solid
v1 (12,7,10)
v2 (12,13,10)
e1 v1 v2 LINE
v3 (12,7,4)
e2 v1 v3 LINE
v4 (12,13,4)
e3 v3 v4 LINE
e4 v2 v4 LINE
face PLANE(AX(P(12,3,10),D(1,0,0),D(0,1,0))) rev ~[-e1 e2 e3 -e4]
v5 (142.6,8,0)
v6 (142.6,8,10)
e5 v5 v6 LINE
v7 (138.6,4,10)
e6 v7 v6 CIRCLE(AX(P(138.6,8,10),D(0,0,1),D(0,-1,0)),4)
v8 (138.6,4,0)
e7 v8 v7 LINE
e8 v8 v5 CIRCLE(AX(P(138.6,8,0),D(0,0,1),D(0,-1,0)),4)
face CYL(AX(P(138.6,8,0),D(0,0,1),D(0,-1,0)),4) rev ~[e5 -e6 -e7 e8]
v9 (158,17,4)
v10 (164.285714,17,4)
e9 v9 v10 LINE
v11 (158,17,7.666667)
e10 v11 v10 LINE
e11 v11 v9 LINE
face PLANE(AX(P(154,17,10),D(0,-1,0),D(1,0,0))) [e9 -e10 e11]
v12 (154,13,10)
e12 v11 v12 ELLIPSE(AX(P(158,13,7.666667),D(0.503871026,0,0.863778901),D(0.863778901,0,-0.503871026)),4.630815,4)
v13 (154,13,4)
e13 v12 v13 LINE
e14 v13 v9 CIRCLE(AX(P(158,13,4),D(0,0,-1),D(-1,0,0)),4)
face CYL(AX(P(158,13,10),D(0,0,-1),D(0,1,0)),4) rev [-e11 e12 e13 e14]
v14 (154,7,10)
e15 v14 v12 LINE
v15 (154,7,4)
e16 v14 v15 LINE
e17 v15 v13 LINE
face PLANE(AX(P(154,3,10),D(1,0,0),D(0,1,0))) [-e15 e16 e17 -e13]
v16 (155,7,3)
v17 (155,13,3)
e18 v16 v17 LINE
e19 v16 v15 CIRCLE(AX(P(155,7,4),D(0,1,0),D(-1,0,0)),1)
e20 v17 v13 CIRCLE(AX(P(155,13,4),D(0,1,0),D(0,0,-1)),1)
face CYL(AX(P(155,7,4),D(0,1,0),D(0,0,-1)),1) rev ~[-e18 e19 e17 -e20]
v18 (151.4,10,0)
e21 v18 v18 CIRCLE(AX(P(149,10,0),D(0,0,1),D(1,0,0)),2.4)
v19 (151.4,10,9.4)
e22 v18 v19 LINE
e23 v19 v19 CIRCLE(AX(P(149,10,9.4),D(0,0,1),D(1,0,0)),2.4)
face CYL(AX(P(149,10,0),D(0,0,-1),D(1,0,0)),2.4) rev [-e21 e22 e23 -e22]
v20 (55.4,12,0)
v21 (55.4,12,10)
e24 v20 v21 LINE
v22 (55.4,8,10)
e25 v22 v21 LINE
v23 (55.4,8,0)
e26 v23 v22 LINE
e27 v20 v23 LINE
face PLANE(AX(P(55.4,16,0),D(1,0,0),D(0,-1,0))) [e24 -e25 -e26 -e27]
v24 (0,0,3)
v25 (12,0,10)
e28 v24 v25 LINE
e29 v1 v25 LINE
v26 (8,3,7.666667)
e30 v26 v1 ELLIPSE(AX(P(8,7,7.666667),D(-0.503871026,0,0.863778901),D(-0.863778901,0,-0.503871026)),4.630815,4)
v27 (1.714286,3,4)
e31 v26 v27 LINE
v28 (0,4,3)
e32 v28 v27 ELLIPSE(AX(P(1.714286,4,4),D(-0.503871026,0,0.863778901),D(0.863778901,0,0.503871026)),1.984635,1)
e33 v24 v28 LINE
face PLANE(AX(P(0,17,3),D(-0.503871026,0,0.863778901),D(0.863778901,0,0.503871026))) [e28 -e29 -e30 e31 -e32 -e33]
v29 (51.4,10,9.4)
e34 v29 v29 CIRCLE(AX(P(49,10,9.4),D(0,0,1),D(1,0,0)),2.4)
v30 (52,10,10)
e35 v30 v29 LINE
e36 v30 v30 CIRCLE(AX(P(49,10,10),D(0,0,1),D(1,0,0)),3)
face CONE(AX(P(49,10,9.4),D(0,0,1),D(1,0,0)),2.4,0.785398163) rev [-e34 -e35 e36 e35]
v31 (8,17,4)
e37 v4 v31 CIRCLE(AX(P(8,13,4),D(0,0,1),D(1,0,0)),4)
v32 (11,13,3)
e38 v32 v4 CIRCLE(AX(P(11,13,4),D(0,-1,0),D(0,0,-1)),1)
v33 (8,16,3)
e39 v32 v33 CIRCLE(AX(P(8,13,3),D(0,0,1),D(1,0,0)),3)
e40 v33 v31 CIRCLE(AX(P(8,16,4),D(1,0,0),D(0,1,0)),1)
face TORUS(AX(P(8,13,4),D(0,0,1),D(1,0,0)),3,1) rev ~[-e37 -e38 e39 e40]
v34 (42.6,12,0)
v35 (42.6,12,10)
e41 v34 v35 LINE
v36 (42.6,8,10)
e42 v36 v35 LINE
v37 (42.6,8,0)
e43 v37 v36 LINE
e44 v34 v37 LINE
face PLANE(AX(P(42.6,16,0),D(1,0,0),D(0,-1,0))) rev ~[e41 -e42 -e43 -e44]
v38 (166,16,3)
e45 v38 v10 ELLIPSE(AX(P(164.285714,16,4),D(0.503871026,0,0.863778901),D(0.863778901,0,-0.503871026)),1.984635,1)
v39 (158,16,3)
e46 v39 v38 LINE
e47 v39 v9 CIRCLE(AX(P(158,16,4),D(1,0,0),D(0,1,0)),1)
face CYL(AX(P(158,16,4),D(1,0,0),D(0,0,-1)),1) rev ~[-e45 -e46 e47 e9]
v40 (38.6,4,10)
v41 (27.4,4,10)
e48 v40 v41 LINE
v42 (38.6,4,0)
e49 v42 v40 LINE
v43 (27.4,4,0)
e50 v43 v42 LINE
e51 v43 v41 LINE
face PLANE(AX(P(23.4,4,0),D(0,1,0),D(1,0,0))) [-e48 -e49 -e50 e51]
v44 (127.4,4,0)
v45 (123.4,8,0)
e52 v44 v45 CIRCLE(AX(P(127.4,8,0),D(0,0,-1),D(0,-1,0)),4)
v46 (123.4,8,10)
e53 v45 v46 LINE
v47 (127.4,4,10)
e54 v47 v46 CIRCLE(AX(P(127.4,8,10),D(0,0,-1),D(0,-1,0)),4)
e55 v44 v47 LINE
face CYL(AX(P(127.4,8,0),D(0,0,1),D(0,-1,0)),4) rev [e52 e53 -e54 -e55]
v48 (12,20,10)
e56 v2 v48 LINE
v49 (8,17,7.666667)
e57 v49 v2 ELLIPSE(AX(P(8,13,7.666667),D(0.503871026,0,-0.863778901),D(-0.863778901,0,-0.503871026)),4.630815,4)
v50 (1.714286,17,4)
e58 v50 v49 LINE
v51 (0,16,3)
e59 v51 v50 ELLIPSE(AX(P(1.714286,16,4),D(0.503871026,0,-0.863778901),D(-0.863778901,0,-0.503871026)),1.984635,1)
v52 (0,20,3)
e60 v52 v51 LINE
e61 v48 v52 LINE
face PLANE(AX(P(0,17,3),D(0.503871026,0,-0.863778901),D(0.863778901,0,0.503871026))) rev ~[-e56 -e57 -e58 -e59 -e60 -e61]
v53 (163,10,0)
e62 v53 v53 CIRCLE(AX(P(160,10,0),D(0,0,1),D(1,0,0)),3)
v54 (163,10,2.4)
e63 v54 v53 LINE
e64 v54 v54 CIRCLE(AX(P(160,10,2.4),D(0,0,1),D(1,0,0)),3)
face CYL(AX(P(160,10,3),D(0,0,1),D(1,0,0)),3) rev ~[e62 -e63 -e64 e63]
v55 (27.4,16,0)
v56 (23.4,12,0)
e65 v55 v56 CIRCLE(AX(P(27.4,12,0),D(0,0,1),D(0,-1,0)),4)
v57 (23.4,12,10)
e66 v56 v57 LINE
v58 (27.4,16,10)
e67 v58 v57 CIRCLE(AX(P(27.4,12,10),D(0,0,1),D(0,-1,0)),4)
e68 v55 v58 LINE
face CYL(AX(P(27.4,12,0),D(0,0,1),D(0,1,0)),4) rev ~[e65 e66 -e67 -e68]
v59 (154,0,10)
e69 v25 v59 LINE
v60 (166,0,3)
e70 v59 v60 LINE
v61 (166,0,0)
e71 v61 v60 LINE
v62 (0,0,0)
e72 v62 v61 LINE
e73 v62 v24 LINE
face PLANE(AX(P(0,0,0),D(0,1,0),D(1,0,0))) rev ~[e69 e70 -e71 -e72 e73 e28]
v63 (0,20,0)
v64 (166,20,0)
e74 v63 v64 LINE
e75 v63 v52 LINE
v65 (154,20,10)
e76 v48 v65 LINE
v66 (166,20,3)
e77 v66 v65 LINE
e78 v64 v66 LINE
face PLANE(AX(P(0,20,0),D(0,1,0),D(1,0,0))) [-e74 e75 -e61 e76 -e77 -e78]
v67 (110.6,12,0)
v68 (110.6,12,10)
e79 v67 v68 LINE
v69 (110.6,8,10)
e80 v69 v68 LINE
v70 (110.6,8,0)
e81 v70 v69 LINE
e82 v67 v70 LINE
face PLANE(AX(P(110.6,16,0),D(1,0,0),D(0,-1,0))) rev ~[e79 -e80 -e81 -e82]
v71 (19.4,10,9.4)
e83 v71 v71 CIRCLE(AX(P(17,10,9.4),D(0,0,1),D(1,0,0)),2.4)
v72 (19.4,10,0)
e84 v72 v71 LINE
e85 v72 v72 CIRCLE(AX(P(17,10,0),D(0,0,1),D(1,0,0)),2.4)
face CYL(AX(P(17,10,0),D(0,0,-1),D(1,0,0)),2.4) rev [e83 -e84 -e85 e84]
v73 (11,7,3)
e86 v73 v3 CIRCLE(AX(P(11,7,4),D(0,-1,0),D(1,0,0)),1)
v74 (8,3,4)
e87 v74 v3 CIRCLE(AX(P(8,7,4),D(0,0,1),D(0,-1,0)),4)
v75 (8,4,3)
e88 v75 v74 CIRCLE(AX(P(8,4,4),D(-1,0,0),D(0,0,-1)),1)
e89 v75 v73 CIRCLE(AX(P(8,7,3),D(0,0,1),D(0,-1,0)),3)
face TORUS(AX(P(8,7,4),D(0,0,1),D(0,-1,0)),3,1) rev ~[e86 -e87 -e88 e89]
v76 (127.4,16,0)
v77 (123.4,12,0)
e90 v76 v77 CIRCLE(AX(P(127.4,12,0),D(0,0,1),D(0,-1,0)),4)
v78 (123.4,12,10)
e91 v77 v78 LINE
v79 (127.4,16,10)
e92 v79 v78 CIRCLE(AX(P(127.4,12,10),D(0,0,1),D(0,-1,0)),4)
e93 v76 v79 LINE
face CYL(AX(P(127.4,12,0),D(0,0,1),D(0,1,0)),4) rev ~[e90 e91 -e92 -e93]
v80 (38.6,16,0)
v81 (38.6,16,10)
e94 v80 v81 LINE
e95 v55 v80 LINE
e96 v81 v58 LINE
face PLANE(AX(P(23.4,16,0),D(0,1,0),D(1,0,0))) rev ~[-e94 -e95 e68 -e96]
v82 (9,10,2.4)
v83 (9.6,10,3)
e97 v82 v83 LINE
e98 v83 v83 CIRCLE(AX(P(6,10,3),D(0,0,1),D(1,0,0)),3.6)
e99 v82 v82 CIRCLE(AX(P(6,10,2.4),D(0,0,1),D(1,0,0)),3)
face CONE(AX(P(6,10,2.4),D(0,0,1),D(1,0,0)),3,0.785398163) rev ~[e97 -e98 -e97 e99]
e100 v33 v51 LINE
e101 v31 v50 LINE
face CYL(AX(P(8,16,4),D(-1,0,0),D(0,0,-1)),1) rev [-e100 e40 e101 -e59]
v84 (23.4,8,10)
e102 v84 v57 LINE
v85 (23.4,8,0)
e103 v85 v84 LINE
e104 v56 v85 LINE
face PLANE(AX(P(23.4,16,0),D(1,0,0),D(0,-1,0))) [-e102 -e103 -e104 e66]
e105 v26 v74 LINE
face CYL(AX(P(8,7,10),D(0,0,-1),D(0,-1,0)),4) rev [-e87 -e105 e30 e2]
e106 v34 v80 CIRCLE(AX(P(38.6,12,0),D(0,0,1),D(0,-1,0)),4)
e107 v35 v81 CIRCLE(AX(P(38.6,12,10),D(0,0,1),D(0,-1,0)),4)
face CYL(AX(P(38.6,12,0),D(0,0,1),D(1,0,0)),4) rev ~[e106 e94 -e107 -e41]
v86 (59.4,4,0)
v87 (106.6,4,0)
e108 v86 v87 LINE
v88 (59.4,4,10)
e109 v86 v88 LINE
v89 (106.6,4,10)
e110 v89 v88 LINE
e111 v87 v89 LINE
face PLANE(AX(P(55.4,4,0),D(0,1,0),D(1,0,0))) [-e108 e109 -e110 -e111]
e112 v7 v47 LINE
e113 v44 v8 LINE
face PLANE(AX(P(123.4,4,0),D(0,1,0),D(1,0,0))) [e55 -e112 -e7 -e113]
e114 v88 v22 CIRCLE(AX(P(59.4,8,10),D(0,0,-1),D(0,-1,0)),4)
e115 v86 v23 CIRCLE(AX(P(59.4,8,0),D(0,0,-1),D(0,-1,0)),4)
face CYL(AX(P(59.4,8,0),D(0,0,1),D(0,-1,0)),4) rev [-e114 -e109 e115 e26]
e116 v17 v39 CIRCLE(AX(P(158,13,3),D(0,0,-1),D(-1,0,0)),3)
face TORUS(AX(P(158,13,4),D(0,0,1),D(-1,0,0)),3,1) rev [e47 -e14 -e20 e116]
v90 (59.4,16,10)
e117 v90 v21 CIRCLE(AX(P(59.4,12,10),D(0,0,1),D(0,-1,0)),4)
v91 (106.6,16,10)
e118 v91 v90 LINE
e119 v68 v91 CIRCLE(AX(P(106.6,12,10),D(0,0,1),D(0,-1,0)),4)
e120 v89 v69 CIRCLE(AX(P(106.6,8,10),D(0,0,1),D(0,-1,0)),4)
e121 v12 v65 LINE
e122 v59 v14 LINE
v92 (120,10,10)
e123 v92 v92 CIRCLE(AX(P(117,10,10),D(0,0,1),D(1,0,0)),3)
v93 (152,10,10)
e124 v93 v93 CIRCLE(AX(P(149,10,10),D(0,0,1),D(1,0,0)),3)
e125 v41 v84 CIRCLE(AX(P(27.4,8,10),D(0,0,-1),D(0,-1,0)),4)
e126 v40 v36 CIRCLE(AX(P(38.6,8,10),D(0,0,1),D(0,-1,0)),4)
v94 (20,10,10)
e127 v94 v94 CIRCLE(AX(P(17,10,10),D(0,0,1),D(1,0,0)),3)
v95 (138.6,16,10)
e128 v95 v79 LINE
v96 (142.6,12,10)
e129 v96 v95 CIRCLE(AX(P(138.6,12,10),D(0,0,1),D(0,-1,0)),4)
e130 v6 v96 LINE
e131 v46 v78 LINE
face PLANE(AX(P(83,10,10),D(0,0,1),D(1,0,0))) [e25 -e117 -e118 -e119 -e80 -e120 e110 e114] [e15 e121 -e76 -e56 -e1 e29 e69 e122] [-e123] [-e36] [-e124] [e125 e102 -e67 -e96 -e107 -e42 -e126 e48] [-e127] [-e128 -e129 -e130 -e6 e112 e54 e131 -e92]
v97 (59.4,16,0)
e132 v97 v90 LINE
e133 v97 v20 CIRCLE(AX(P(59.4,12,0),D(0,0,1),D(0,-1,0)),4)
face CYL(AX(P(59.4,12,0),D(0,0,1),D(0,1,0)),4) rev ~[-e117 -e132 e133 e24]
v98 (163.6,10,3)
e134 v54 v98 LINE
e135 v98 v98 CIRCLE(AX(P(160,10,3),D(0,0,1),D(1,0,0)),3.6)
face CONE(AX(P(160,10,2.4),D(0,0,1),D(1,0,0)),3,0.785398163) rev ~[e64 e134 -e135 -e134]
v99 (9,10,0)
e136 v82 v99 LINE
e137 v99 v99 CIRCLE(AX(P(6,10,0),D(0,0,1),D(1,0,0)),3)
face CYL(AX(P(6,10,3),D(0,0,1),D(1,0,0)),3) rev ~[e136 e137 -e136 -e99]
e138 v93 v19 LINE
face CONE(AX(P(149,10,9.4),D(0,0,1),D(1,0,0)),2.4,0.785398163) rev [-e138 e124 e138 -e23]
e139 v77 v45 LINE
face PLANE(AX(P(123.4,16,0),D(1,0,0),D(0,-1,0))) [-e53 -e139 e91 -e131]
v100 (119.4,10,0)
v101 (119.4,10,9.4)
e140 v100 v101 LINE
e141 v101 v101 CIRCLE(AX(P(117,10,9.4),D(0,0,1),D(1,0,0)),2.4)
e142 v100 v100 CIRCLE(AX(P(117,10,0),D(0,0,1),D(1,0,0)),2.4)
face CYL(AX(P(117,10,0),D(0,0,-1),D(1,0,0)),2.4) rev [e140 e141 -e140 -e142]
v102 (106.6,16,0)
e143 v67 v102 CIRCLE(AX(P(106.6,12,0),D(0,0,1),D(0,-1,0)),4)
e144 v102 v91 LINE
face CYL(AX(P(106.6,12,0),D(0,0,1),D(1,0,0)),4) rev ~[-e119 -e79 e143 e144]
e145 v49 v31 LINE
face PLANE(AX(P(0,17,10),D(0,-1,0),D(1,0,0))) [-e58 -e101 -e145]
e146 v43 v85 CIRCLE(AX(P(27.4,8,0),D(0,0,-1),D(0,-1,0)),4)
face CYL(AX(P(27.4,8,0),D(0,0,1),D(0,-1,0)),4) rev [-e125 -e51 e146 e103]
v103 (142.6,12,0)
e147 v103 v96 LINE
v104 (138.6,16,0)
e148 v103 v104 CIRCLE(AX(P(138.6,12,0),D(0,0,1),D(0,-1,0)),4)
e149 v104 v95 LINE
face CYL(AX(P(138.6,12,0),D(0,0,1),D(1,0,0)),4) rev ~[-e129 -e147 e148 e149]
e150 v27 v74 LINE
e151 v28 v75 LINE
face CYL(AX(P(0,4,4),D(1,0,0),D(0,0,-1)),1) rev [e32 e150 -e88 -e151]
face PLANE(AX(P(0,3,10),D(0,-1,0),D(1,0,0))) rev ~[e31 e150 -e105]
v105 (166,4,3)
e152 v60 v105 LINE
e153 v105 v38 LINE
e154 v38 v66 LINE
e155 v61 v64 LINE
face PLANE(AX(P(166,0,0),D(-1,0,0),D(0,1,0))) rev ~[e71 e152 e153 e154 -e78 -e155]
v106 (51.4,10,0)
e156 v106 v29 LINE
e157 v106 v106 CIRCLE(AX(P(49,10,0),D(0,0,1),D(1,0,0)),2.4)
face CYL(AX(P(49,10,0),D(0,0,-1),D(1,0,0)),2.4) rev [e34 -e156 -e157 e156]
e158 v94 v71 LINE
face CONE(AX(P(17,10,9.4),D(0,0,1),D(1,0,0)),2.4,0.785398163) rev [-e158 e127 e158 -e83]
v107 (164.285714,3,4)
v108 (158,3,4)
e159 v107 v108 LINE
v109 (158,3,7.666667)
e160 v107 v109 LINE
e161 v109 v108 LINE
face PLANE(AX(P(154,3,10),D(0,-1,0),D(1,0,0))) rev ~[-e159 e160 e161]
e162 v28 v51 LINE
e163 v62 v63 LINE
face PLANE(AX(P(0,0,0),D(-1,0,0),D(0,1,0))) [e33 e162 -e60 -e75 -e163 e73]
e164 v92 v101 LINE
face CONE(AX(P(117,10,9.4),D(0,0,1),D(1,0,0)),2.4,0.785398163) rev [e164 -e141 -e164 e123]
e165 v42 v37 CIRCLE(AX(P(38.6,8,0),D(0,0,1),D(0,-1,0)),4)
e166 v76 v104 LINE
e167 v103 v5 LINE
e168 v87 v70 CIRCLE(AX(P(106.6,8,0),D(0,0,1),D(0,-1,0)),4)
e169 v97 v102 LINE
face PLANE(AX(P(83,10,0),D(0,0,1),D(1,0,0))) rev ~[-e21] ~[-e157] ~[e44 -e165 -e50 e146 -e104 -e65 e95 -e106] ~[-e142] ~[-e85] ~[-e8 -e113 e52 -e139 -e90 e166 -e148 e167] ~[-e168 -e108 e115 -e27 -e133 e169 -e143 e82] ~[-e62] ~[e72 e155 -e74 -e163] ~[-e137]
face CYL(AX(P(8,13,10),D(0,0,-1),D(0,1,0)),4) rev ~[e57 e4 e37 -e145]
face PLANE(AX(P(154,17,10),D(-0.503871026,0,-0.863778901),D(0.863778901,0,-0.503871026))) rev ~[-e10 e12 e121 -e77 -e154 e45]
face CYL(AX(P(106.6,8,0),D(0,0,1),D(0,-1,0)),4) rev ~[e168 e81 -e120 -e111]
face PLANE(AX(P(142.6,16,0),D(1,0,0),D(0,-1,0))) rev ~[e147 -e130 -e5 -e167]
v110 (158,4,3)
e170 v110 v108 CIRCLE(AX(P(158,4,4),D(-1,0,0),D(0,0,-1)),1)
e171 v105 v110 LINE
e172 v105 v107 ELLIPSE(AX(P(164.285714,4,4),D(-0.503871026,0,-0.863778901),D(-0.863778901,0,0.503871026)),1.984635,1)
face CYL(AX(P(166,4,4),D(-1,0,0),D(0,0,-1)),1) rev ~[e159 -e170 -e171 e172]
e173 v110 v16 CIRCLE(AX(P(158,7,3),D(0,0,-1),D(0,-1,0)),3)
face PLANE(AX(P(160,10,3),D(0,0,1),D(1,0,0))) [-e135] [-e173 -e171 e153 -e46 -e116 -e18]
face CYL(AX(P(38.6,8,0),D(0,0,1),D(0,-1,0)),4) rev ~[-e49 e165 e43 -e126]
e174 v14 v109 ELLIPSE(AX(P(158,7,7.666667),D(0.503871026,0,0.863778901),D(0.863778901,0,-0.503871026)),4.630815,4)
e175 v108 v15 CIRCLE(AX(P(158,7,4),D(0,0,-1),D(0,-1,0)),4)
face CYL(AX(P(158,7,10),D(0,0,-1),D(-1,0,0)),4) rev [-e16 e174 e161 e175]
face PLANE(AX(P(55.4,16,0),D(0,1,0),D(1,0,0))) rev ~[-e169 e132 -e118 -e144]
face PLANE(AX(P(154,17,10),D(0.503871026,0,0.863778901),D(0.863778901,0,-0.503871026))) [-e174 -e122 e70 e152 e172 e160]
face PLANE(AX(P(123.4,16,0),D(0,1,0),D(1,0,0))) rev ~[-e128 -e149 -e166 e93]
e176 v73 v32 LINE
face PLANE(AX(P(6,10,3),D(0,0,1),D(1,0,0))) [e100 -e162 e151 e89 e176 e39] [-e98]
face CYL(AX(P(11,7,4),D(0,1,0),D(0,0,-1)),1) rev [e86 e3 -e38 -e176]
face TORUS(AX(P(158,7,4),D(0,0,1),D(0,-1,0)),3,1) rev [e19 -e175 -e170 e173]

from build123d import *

# Parameters (mm, degrees)
F0_W          = 166
F0_H          = 20
F0_R          = 2.4
F1_DEPTH      = 10
F2_W          = 12
F2_H          = 14
F3_DEPTH      = 7
F5_DEPTH      = 3.001
F5_DEPTH_BACK = 17.001
F6_R          = 4
F7_R          = 1
F8_R          = 3
F9_DEPTH      = 3.001
F10_W         = 55.2
F10_H         = 12
F10_W_2       = 19.2
F11_DEPTH     = 10.001
F12_R         = 4
F13_SIZE      = 0.6


with BuildPart() as f1:
    # F0 (on Top) → F1 (new body)
    with BuildSketch(Plane.XY):
        with Locations((83, 10)):
            Rectangle(F0_W, F0_H)
        with Locations((17, 10)):
            Circle(F0_R, mode=Mode.SUBTRACT)
        with Locations((49, 10)):
            Circle(F0_R, mode=Mode.SUBTRACT)
        with Locations((117, 10)):
            Circle(F0_R, mode=Mode.SUBTRACT)
        with Locations((149, 10)):
            Circle(F0_R, mode=Mode.SUBTRACT)
    extrude(amount=F1_DEPTH)

    # F2 (on face) → F3 (cut)
    with BuildSketch(Plane.XY.offset(10)):
        with Locations((6, 10)):
            Rectangle(F2_W, F2_H)
        with Locations((160, 10)):
            Rectangle(F2_W, F2_H)
    extrude(amount=-F3_DEPTH, mode=Mode.SUBTRACT)

    # F4 (on face) → F5 (cut, two sides)
    with BuildSketch(Plane.XZ.offset(-17)) as f5_sk:
        Polygon((0, 10), (0, 3), (12, 10), align=None)
        Polygon((166, 3), (166, 10), (154, 10), align=None)
    extrude(amount=-F5_DEPTH, mode=Mode.SUBTRACT)
    extrude(f5_sk.sketch, amount=F5_DEPTH_BACK, mode=Mode.SUBTRACT)

    # F6
    f6_edges = [f1.edges().sort_by_distance(p)[0] for p in [
        (12, 17, 6.5),
        (12, 3, 6.5),
        (154, 3, 6.5),
        (154, 17, 6.5),
    ]]
    fillet(f6_edges, radius=F6_R)

    # F7
    f7_edges = [f1.edges().sort_by_distance(p)[0] for p in [
        (162, 17, 3),
        (4, 3, 3),
    ]]
    fillet(f7_edges, radius=F7_R)

    # F8 (on face) → F9 (cut, through all)
    with BuildSketch(Plane.XY.offset(3)):
        with Locations((160, 10)):
            Circle(F8_R)
        with Locations((6, 10)):
            Circle(F8_R)
    extrude(amount=-F9_DEPTH, mode=Mode.SUBTRACT)

    # F10 (on face) → F11 (cut, through all)
    with BuildSketch(Plane(origin=(0, 0, 0), x_dir=(1, 0, 0), z_dir=(0, 0, -1))):
        with Locations((83, -10)):
            Rectangle(F10_W, F10_H)
        with Locations((133, -10)):
            Rectangle(F10_W_2, F10_H)
        with Locations((33, -10)):
            Rectangle(F10_W_2, F10_H)
    extrude(amount=-F11_DEPTH, mode=Mode.SUBTRACT)

    # F12
    f12_edges = [f1.edges().sort_by_distance(p)[0] for p in [
        (123.4, 16, 5),
        (123.4, 4, 5),
        (142.6, 16, 5),
        (142.6, 4, 5),
        (110.6, 16, 5),
        (110.6, 4, 5),
        (55.4, 16, 5),
        (55.4, 4, 5),
        (42.6, 4, 5),
        (42.6, 16, 5),
        (23.4, 16, 5),
        (23.4, 4, 5),
    ]]
    fillet(f12_edges, radius=F12_R)

    # F13
    f13_edges = [f1.edges().sort_by_distance(p)[0] for p in [
        (3, 10, 3),
        (14.6, 10, 10),
        (46.6, 10, 10),
        (114.6, 10, 10),
        (146.6, 10, 10),
        (157, 10, 3),
    ]]
    chamfer(f13_edges, length=F13_SIZE)


solid = f1.part
